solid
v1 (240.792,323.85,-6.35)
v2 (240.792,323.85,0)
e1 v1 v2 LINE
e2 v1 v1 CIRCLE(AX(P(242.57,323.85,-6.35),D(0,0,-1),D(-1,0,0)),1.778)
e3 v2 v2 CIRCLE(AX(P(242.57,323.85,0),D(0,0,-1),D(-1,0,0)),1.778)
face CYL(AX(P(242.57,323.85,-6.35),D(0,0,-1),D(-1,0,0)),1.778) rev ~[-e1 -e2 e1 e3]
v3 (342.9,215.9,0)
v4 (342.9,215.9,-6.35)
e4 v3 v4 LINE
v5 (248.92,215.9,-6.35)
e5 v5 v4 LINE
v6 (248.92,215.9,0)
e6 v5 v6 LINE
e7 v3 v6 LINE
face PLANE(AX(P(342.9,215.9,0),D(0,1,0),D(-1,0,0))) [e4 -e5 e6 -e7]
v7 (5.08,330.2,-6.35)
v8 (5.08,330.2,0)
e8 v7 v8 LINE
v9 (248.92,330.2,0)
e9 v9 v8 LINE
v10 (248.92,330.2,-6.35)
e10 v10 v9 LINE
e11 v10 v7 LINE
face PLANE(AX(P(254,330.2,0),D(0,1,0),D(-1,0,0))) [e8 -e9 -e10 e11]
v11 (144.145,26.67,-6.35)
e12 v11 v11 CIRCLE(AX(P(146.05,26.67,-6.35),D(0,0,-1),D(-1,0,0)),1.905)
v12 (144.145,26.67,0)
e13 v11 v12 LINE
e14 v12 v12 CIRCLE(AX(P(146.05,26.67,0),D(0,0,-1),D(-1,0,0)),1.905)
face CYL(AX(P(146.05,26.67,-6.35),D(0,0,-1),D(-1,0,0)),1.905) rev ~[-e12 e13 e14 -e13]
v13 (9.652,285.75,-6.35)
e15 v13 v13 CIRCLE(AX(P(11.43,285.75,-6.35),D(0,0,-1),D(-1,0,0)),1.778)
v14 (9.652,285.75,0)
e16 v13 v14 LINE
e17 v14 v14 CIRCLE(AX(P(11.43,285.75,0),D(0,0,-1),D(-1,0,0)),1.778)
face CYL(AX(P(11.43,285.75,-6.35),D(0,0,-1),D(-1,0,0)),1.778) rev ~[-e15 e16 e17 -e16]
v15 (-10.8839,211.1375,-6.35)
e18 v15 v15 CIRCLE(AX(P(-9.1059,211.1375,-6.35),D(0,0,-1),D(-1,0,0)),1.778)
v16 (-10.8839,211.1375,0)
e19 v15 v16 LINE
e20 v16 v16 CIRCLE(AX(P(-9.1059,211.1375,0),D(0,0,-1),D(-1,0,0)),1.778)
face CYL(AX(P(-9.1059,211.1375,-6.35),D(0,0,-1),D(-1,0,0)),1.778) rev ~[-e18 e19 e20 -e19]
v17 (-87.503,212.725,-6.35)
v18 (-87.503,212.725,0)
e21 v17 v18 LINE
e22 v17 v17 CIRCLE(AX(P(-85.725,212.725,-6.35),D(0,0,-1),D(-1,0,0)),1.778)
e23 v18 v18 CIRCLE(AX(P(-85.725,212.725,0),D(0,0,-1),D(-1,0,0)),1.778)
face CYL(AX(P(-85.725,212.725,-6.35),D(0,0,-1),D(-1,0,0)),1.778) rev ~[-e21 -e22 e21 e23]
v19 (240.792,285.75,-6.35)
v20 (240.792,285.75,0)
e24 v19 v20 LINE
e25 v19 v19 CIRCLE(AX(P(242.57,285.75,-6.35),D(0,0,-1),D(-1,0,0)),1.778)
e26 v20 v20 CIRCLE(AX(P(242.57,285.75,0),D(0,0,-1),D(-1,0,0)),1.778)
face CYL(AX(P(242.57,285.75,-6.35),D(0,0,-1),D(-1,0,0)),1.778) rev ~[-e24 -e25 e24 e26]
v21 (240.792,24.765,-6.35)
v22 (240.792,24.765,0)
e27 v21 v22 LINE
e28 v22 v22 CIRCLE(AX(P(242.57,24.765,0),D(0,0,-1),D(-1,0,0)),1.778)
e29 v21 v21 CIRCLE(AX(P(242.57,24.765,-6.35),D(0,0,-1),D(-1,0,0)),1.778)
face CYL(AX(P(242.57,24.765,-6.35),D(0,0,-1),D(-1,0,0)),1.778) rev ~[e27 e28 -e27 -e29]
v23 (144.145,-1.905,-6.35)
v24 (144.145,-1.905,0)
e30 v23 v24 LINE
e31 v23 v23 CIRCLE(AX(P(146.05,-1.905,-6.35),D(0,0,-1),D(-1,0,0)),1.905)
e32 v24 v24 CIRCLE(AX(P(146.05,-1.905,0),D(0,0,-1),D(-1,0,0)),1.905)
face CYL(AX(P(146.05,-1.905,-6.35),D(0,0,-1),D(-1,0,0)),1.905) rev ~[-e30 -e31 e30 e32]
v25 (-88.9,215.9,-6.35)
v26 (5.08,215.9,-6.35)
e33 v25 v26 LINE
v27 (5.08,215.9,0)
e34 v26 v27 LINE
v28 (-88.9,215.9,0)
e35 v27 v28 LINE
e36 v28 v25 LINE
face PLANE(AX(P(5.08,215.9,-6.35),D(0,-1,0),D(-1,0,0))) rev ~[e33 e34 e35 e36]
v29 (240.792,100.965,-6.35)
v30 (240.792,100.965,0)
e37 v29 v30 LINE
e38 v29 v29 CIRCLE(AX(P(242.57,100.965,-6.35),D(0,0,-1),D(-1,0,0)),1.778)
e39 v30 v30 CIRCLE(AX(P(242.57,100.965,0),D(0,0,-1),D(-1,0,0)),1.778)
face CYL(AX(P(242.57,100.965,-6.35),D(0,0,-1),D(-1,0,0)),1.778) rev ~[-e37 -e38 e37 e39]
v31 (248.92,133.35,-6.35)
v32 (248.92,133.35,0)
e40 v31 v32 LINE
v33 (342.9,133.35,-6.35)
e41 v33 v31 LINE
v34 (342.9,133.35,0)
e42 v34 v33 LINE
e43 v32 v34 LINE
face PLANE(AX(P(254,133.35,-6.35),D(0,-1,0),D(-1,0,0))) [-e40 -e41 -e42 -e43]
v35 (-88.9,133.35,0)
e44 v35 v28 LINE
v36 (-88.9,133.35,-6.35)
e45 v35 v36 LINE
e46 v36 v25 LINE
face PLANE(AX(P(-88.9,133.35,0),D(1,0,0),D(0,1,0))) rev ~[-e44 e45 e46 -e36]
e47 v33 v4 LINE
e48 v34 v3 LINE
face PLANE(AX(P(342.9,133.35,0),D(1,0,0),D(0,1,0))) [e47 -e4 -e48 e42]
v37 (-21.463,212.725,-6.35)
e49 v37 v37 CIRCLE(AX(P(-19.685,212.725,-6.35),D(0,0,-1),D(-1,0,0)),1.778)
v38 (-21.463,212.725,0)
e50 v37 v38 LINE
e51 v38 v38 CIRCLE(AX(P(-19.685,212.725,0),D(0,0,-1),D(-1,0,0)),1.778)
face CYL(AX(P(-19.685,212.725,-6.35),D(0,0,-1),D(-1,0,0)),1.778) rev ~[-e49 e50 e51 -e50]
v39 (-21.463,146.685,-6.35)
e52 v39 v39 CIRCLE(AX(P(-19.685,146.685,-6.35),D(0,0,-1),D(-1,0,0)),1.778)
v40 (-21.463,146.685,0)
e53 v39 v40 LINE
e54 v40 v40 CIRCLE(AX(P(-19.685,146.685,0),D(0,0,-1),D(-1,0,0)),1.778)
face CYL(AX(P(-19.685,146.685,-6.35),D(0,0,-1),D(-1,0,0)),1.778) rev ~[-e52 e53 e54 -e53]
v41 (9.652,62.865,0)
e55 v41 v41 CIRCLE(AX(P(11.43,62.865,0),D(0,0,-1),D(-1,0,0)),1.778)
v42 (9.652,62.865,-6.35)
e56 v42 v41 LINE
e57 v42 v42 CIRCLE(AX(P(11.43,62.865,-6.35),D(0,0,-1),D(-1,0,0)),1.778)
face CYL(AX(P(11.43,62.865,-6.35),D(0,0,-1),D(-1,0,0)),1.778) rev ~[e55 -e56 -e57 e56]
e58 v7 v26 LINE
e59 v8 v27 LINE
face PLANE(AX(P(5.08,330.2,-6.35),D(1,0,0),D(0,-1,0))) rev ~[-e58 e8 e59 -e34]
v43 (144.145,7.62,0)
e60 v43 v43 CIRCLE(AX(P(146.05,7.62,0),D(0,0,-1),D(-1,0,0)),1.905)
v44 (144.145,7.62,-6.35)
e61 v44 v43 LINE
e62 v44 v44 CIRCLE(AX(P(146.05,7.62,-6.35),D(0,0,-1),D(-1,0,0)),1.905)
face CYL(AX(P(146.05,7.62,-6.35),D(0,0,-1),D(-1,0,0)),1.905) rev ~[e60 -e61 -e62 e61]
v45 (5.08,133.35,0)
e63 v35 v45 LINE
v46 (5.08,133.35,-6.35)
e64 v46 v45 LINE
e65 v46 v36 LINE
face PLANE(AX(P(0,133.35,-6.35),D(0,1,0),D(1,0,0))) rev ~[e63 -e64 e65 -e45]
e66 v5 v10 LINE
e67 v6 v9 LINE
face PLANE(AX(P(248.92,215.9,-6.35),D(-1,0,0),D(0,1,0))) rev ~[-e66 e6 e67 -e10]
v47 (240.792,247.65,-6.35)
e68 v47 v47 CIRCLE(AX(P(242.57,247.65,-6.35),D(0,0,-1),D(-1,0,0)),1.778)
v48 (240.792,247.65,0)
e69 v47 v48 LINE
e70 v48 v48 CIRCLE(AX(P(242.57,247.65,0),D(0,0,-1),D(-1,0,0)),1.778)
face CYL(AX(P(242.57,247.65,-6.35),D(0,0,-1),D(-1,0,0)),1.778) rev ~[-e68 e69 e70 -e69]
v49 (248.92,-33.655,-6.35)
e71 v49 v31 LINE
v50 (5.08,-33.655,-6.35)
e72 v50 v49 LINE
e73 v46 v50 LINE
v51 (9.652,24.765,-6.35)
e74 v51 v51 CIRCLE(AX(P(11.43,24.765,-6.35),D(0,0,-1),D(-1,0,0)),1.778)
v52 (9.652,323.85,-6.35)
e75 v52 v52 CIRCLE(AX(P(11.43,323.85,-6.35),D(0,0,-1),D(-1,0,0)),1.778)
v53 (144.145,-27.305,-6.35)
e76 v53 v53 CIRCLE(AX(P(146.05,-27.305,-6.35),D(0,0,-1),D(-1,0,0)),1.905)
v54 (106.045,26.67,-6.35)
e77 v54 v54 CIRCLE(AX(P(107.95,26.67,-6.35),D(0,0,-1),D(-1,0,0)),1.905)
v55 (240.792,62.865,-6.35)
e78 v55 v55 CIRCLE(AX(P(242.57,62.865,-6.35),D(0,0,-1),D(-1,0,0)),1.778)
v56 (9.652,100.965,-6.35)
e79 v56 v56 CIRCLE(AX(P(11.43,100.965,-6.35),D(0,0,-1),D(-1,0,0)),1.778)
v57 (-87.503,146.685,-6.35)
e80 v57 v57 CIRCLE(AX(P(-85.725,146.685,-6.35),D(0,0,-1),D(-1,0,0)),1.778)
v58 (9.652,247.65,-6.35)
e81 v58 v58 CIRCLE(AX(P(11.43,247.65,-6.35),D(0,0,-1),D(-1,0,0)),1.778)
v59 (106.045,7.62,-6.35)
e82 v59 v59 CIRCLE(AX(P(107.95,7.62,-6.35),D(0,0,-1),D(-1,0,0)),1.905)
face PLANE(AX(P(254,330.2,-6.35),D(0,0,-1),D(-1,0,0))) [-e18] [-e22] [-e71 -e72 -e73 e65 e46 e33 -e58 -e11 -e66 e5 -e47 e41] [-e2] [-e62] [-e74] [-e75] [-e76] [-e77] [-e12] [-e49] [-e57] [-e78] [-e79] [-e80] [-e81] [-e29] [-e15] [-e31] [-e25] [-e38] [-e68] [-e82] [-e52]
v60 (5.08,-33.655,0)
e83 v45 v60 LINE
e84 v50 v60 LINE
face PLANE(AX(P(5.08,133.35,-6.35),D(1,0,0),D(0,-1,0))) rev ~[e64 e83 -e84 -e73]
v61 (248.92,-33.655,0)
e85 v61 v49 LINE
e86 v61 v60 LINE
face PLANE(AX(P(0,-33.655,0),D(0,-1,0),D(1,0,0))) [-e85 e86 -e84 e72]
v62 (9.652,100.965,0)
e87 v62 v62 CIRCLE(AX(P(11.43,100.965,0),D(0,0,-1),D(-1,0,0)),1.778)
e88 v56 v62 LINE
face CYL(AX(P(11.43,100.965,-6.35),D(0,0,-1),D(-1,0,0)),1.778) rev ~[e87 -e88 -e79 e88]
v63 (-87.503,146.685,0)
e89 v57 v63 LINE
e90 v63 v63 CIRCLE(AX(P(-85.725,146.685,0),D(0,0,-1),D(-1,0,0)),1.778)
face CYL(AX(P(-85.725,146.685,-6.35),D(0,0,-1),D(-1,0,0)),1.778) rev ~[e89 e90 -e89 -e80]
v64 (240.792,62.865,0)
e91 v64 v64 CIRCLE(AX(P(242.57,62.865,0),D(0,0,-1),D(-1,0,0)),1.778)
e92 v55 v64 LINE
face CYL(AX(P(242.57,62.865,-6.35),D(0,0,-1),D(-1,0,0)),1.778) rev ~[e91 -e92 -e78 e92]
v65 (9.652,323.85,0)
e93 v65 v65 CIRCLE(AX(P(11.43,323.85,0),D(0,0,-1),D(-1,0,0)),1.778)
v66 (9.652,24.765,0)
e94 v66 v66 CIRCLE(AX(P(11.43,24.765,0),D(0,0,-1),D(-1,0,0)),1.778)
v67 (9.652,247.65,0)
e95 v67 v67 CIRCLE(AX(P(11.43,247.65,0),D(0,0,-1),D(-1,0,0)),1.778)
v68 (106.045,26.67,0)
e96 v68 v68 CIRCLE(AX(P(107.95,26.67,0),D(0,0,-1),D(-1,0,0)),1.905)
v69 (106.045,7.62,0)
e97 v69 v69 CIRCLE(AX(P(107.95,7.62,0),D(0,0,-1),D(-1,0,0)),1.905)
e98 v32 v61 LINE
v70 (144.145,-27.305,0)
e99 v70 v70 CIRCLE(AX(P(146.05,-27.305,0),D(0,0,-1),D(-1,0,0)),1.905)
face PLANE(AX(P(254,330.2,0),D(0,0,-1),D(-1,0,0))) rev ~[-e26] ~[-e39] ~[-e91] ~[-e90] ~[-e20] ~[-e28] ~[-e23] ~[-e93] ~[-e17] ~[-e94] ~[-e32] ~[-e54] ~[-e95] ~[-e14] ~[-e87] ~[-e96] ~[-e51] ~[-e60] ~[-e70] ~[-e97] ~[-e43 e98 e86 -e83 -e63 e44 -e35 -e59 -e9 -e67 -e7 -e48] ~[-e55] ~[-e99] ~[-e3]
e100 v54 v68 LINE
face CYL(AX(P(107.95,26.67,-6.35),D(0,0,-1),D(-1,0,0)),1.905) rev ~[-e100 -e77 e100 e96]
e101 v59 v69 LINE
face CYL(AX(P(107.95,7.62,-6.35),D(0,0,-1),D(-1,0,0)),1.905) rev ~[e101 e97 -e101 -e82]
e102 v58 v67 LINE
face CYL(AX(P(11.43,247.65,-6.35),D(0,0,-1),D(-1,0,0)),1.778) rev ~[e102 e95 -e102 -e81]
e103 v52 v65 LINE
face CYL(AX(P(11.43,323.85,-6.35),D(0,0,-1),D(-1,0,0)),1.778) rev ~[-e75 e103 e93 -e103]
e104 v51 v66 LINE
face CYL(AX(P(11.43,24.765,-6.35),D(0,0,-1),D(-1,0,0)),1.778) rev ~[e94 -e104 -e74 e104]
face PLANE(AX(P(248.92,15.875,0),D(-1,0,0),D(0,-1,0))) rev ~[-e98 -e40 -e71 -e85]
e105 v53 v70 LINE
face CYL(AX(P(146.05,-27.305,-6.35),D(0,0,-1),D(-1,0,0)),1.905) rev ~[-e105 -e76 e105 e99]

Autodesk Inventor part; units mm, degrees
ref_plane "YZ Plane" through (0, 0, 0) normal (1, 0, 0) x (0, 1, 0)
ref_plane "Work Plane32" through (254, 330.2, 0) normal (0, 0, -1) x (-1, 0, 0)
sketch "Sketch36" plane through (254, 330.2, 0) normal (0, 0, -1) x (-1, 0, 0)
  line L0 (254, -363.855) -> (254, -196.85) projected
  line L1 (0, 0) -> (0, -114.3) projected
  line L2 (254, -363.855) -> (0, -363.855)
  line L3 (0, -363.855) -> (0, 0)
  line L4 (0, 0) -> (254, 0)
  line L5 (254, 0) -> (254, -363.855)
  line L6 (342.9, -196.85) -> (342.9, -114.3) projected
  line L7 (342.9, -196.85) -> (254, -196.85)
  line L8 (254, -196.85) -> (254, -114.3)
  line L9 (254, -114.3) -> (342.9, -114.3)
  line L10 (342.9, -114.3) -> (342.9, -196.85)
  line L11 (-31.75, -363.855) -> (254, -363.855) projected
  line L12 (0, -314.325) -> (0, -196.85) projected
  line L13 (-31.75, -363.855) -> (0, -363.855)
  line L14 (0, -363.855) -> (0, -314.325)
  line L15 (0, -314.325) -> (-31.75, -314.325)
  line L16 (-31.75, -314.325) -> (-31.75, -363.855)
  line L17 (0, -196.85) -> (-88.9, -196.85)
  line L18 (-88.9, -196.85) -> (-88.9, -114.3)
  line L19 (-88.9, -114.3) -> (0, -114.3)
  line L20 (0, -114.3) -> (0, -196.85)
  dimension "d412" = 82.55
  dimension "d413" = 254
  dimension "d414" = 31.75
extrude "Extrusion20" add sketch "Sketch36" along normal blind 6.35
ref_plane "Work Plane28" through (254, 330.2, -6.35) normal (0, 0, -1) x (-1, 0, 0)
sketch "Sketch38" plane through (254, 330.2, -6.35) normal (0, 0, -1) x (-1, 0, 0)
  circle A0 centre (273.685, -183.515) radius 1.778 projected
  circle A1 centre (273.685, -183.515) radius 1.778
  circle A2 centre (339.725, -183.515) radius 1.778 projected
  circle A3 centre (339.725, -183.515) radius 1.778
  circle A4 centre (339.725, -117.475) radius 1.778 projected
  circle A5 centre (339.725, -117.475) radius 1.778
  circle A6 centre (273.685, -117.475) radius 1.778 projected
  circle A7 centre (273.685, -117.475) radius 1.778
  circle A8 centre (263.1059, -119.0625) radius 1.778 projected
  circle A9 centre (263.1059, -119.0625) radius 1.778
  circle A10 centre (107.95, -332.105) radius 1.905 projected
  circle A11 centre (107.95, -332.105) radius 1.905
  circle A12 centre (107.95, -322.58) radius 1.905 projected
  circle A13 centre (107.95, -322.58) radius 1.905
  circle A14 centre (107.95, -303.53) radius 1.905 projected
  circle A15 centre (107.95, -303.53) radius 1.905
  circle A16 centre (107.95, -357.505) radius 1.905 projected
  circle A17 centre (107.95, -357.505) radius 1.905
  circle A18 centre (146.05, -303.53) radius 1.905 projected
  circle A19 centre (146.05, -303.53) radius 1.905
  circle A20 centre (146.05, -322.58) radius 1.905 projected
  circle A21 centre (146.05, -322.58) radius 1.905
extrude "Extrusion21" cut sketch "Sketch38" against normal blind 6.35
sketch "Sketch39" plane through (254, 330.2, -6.35) normal (0, 0, -1) x (-1, 0, 0)
  line L0 (0, -196.85) -> (0, -314.325) projected
  line L1 (0, -196.85) -> (5.08, -196.85)
  line L2 (5.08, -196.85) -> (5.08, -314.325)
  line L3 (5.08, -314.325) -> (0, -314.325)
  line L4 (0, -314.325) -> (0, -196.85)
  line L5 (254, -363.855) -> (254, -196.85) projected
  line L6 (-31.75, -363.855) -> (254, -363.855) projected
  line L7 (254, -196.85) -> (248.92, -196.85)
  line L8 (248.92, -196.85) -> (248.92, -363.855)
  line L9 (248.92, -363.855) -> (254, -363.855)
  line L10 (254, -363.855) -> (254, -196.85)
  line L11 (0, -114.3) -> (-88.9, -114.3) projected
  line L12 (254, 0) -> (0, 0) projected
  line L13 (0, -114.3) -> (5.08, -114.3)
  line L14 (5.08, -114.3) -> (5.08, 0)
  line L15 (5.08, 0) -> (0, 0)
  line L16 (0, 0) -> (0, -114.3)
  line L17 (254, 0) -> (248.92, 0)
  line L18 (248.92, 0) -> (248.92, -114.3)
  line L19 (248.92, -114.3) -> (254, -114.3)
  line L20 (254, -114.3) -> (254, 0)
  point P0 (254, -330.2)
  dimension "d415" = 5.08
  dimension "d416" = 5.08
  dimension "d417" = 5.08
extrude "Extrusion22" cut sketch "Sketch39" against normal blind 6.35
sketch "Sketch40" plane through (254, 330.2, -6.35) normal (0, 0, -1) x (-1, 0, 0)
  line L0 (5.08, 0) -> (5.08, -114.3) projected
  line L1 (248.92, 0) -> (5.08, 0) projected
  line L2 (248.92, -114.3) -> (248.92, 0) projected
  line L3 (-31.75, -363.855) -> (248.92, -363.855) projected
  line L4 (248.92, -363.855) -> (248.92, -196.85) projected
  circle A0 centre (11.43, -305.435) radius 1.778
  circle A1 centre (11.43, -267.335) radius 1.778
  circle A2 centre (11.43, -229.235) radius 1.778
  circle A3 centre (11.43, -82.55) radius 1.778
  circle A4 centre (11.43, -44.45) radius 1.778
  circle A5 centre (11.43, -6.35) radius 1.778
  circle A6 centre (242.57, -6.35) radius 1.778
  circle A7 centre (242.57, -44.45) radius 1.778
  circle A8 centre (242.57, -82.55) radius 1.778
  circle A9 centre (242.57, -229.235) radius 1.778
  circle A10 centre (242.57, -267.335) radius 1.778
  circle A11 centre (242.57, -305.435) radius 1.778
  point P0 (254, -330.2)
  dimension "d420" = 6.35
  dimension "d421" = 6.35
  dimension "d422" = 38.1
  dimension "d423" = 38.1
  dimension "d424" = 6.35
  dimension "d425" = 6.35
  dimension "d426" = 38.1
  dimension "d427" = 38.1
  dimension "d428" = 58.42
  dimension "d429" = 38.1
  dimension "d430" = 38.1
  dimension "d431" = 6.35
  dimension "d432" = 6.35
  dimension "d433" = 6.35
  dimension "d434" = 3.556
  dimension "d435" = 3.556
  dimension "d436" = 3.556
  dimension "d437" = 3.556
  dimension "d438" = 3.556
  dimension "d439" = 3.556
  dimension "d440" = 3.556
  dimension "d441" = 3.556
  dimension "d442" = 3.556
  dimension "d443" = 3.556
  dimension "d444" = 3.556
  dimension "d445" = 3.556
extrude "Extrusion23" cut sketch "Sketch40" against normal blind 6.35
sketch "Sketch41" plane through (254, 330.2, 0) normal (0, 0, 1) x (1, 0, 0)
  line L0 (-5.08, -314.325) -> (31.75, -314.325) projected
  line L1 (31.75, -363.855) -> (-248.92, -363.855) projected
  line L2 (31.75, -314.325) -> (-5.08, -314.325)
  line L3 (-5.08, -314.325) -> (-5.08, -363.855)
  line L4 (-5.08, -363.855) -> (31.75, -363.855)
  line L5 (31.75, -363.855) -> (31.75, -314.325)
  point P0 (-254, -330.2)
  dimension "d448" = 36.83
extrude "Extrusion24" cut sketch "Sketch41" against normal blind 6.35
properties part number "mark-2 plate"
